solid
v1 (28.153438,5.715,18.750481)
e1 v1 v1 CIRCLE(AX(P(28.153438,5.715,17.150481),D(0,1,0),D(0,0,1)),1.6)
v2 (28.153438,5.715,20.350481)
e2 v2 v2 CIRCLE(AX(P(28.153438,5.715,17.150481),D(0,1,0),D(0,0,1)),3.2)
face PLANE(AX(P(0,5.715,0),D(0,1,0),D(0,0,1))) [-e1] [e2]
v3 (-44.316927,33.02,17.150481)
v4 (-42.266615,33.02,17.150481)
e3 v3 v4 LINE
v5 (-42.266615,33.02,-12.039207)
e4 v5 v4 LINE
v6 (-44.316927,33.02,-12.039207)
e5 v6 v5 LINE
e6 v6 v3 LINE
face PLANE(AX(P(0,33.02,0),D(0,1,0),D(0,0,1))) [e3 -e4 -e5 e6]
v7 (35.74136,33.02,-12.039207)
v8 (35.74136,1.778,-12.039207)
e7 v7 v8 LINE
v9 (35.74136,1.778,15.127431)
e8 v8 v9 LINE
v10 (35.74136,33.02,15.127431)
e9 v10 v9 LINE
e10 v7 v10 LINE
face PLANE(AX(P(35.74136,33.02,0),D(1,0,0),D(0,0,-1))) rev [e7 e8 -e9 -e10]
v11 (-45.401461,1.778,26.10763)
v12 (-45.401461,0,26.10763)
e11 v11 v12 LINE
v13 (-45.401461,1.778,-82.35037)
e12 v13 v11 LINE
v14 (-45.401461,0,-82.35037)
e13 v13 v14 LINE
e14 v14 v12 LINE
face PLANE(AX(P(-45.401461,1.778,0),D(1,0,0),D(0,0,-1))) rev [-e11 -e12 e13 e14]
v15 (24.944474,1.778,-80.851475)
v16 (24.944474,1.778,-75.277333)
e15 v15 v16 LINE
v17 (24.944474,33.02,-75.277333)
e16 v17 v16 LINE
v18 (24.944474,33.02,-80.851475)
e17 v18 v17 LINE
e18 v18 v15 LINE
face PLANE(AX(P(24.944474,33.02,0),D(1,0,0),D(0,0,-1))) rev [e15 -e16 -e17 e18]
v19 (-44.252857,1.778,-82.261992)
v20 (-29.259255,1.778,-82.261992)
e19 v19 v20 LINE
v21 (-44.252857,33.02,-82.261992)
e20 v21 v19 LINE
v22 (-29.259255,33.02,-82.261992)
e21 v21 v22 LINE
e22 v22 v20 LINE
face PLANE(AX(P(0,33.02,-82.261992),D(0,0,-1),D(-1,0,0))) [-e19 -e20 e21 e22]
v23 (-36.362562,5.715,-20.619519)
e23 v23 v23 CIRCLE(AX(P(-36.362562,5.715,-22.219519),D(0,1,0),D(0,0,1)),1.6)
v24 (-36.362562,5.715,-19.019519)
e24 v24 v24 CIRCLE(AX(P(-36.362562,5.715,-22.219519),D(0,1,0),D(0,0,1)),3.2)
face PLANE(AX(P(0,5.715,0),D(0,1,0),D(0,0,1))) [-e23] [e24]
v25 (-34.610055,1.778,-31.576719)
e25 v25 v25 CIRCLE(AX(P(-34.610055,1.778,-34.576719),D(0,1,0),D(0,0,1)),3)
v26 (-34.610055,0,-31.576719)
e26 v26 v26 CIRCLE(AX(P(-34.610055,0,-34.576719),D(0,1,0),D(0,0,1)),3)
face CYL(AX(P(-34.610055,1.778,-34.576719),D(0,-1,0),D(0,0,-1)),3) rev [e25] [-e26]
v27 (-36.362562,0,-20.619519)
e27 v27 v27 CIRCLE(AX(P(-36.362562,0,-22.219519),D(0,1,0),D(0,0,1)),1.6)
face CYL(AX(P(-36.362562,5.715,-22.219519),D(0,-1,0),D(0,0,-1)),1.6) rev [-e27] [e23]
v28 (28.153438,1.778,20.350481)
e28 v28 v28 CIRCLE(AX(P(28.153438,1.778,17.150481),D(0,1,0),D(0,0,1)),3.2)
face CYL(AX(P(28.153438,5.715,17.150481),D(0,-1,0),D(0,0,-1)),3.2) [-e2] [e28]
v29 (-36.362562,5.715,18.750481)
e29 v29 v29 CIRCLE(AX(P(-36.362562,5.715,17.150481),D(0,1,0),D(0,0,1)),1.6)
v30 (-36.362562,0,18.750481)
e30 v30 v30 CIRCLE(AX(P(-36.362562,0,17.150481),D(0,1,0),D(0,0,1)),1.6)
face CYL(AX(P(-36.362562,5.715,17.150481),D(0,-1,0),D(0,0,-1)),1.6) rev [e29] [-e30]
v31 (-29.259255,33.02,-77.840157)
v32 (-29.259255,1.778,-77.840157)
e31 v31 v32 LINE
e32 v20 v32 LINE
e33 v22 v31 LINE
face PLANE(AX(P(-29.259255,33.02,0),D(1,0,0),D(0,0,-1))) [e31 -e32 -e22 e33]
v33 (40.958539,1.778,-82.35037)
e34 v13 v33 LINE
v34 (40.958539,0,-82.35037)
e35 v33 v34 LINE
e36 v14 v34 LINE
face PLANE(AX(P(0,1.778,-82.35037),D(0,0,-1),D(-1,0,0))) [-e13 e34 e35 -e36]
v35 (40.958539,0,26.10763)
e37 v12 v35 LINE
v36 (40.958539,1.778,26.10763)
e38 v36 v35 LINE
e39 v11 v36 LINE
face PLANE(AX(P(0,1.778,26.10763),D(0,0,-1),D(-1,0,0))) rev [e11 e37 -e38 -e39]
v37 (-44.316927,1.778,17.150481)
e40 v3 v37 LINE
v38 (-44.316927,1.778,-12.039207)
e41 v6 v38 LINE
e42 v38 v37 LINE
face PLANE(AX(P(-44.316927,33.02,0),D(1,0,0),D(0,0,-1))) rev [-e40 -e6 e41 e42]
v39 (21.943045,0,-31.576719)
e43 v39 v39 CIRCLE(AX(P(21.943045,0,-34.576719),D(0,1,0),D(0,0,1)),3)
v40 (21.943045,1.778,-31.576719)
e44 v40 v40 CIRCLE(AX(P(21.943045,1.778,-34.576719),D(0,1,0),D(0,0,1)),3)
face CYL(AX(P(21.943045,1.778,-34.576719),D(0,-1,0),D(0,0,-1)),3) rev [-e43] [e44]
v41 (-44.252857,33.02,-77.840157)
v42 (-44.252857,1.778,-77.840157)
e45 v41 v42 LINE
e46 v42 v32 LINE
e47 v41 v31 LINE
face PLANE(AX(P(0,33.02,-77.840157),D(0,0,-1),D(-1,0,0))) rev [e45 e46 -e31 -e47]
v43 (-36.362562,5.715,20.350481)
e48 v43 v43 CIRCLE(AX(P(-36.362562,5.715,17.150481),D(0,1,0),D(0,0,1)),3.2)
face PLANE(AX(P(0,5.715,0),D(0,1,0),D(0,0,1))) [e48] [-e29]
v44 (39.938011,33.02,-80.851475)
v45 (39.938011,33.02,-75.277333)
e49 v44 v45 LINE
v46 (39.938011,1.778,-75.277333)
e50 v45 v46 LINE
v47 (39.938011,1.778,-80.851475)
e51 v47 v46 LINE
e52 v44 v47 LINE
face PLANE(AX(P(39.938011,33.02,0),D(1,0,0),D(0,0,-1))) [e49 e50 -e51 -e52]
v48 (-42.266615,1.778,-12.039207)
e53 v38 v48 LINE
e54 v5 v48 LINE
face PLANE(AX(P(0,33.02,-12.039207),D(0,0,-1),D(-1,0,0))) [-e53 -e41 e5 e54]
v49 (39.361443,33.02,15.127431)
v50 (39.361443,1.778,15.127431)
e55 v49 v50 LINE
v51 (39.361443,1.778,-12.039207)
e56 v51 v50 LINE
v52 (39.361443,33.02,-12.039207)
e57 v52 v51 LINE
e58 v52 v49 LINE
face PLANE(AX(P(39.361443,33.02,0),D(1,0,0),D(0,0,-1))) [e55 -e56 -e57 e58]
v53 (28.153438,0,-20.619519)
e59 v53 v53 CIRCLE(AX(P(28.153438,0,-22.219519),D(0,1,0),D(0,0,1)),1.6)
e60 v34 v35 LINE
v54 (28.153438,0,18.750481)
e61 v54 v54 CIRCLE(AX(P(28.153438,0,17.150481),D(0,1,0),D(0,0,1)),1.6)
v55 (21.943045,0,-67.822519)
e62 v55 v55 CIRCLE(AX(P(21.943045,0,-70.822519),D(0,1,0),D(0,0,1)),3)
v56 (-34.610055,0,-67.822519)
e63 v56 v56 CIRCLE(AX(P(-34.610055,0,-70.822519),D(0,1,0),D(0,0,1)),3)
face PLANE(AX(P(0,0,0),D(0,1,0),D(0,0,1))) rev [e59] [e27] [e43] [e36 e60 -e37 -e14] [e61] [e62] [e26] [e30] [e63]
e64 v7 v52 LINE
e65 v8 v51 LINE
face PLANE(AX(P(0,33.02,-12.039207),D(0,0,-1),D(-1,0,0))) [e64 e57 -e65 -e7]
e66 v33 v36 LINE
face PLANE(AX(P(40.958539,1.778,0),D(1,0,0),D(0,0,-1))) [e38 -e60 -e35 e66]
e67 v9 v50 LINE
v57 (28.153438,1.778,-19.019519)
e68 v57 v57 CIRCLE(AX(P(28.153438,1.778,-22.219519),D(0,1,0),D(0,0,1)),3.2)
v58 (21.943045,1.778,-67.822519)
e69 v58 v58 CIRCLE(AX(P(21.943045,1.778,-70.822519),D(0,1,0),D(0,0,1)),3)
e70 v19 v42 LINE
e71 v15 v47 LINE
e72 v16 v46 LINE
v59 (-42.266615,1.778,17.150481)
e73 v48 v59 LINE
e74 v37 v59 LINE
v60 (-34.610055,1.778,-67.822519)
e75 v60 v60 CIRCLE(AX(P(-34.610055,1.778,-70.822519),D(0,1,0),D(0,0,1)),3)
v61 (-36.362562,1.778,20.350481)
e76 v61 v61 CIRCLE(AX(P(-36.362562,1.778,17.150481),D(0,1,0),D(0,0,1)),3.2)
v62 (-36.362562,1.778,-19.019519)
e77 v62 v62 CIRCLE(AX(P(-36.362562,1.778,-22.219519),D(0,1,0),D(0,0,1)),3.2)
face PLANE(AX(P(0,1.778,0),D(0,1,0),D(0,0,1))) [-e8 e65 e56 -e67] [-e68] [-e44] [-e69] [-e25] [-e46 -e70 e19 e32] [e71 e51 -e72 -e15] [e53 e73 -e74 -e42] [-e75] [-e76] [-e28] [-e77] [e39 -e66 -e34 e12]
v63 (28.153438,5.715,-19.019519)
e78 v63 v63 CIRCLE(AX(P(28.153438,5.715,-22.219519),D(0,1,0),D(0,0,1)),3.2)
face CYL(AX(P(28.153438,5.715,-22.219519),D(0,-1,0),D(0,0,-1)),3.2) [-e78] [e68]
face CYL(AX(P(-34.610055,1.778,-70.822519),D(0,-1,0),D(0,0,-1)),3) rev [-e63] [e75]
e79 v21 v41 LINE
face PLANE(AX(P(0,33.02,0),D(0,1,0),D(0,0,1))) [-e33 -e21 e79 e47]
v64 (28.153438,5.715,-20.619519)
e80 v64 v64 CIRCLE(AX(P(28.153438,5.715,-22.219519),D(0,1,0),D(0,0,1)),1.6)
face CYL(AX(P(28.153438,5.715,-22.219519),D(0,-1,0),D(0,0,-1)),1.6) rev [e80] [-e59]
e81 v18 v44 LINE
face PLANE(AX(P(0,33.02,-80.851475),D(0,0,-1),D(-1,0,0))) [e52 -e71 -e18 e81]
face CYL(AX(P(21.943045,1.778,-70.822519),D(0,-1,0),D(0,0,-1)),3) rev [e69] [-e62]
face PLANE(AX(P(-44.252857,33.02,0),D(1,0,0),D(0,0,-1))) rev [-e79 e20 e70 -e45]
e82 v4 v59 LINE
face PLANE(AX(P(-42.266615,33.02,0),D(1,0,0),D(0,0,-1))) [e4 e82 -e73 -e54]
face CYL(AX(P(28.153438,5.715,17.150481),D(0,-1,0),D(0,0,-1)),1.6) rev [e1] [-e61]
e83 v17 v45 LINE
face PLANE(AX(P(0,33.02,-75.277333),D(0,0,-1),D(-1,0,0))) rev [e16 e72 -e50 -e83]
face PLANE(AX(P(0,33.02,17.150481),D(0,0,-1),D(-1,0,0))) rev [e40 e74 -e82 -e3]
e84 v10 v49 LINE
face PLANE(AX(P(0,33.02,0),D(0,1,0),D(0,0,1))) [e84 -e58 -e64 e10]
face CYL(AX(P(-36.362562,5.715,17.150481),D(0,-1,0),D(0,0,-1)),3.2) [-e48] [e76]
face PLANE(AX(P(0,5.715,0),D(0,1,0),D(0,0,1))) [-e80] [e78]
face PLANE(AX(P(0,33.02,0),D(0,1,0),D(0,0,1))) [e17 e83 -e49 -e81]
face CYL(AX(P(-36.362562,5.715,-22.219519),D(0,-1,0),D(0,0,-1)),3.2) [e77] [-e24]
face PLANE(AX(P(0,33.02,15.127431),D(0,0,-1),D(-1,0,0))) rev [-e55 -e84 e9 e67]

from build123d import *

# Parameters (mm, degrees)
SKETCH1_W           = 86.36
SKETCH1_H           = 108.458
SKETCH1_R           = 3.2
SKETCH1_W_2         = 2.05031229
SKETCH1_H_2         = 29.189687669
SKETCH1_W_3         = 3.620082636
SKETCH1_H_3         = 27.166637837
SKETCH1_R_2         = 3
SKETCH1_W_4         = 14.993601523
SKETCH1_H_4         = 4.4218346
SKETCH1_W_5         = 14.993536873
SKETCH1_H_5         = 5.57414232
BOSS_EXTRUDE1_DEPTH = 1.778
SKETCH1_4_R         = 3.2
SKETCH1_4_R_2       = 1.6
BOSS_EXTRUDE2_DEPTH = 5.715
SKETCH1_5_W         = 14.993601523
SKETCH1_5_H         = 4.4218346
SKETCH1_5_W_2       = 14.993536873
SKETCH1_5_H_2       = 5.57414232
SKETCH1_5_W_3       = 3.620082636
SKETCH1_5_H_3       = 27.166637837
SKETCH1_5_W_4       = 2.05031229
SKETCH1_5_H_4       = 29.189687669
BOSS_EXTRUDE3_DEPTH = 33.02


with BuildPart() as part:
    # Sketch1 → Boss-Extrude1 (new body)
    with BuildSketch(Plane(origin=(0, 0, 0), x_dir=(1, 0, 0), z_dir=(0, 1, 0))):
        with Locations((-2.221461279, 28.121370378)):
            Rectangle(SKETCH1_W, SKETCH1_H)
        with Locations((-36.36256187, -17.150480836)):
            Circle(SKETCH1_R, mode=Mode.SUBTRACT)
        with Locations((-43.291771042, -2.555637001)):
            Rectangle(SKETCH1_W_2, SKETCH1_H_2, mode=Mode.SUBTRACT)
        with Locations((-36.36256187, 22.219519164)):
            Circle(SKETCH1_R, mode=Mode.SUBTRACT)
        with Locations((28.15343813, -17.150480836)):
            Circle(SKETCH1_R, mode=Mode.SUBTRACT)
        with Locations((37.551401815, -1.544112086)):
            Rectangle(SKETCH1_W_3, SKETCH1_H_3, mode=Mode.SUBTRACT)
        with Locations((28.15343813, 22.219519164)):
            Circle(SKETCH1_R, mode=Mode.SUBTRACT)
        with Locations((-34.610055164, 34.576719266)):
            Circle(SKETCH1_R_2, mode=Mode.SUBTRACT)
        with Locations((-34.610055164, 70.822519266)):
            Circle(SKETCH1_R_2, mode=Mode.SUBTRACT)
        with Locations((-36.756055824, 80.051074351)):
            Rectangle(SKETCH1_W_4, SKETCH1_H_4, mode=Mode.SUBTRACT)
        with Locations((21.943044836, 34.576719266)):
            Circle(SKETCH1_R_2, mode=Mode.SUBTRACT)
        with Locations((21.943044836, 70.822519266)):
            Circle(SKETCH1_R_2, mode=Mode.SUBTRACT)
        with Locations((32.441242145, 78.064404156)):
            Rectangle(SKETCH1_W_5, SKETCH1_H_5, mode=Mode.SUBTRACT)
    extrude(amount=BOSS_EXTRUDE1_DEPTH)

    # Sketch1<4> → Boss-Extrude2 (add)
    # profile 1 of 4: a face of its own
    with BuildSketch(Plane(origin=(0, 0, 0), x_dir=(1, 0, 0), z_dir=(0, 1, 0))):
        with Locations((-36.36256187, 22.219519164)):
            Circle(SKETCH1_4_R)
        with Locations((-36.36256187, 22.219519164)):
            Circle(SKETCH1_4_R_2, mode=Mode.SUBTRACT)
    # profile 2 of 4: a face of its own
    with BuildSketch(Plane(origin=(0, 0, 0), x_dir=(1, 0, 0), z_dir=(0, 1, 0))):
        with Locations((28.15343813, 22.219519164)):
            Circle(SKETCH1_4_R)
        with Locations((28.15343813, 22.219519164)):
            Circle(SKETCH1_4_R_2, mode=Mode.SUBTRACT)
    # profile 3 of 4: a face of its own
    with BuildSketch(Plane(origin=(0, 0, 0), x_dir=(1, 0, 0), z_dir=(0, 1, 0))):
        with Locations((-36.36256187, -17.150480836)):
            Circle(SKETCH1_4_R)
        with Locations((-36.36256187, -17.150480836)):
            Circle(SKETCH1_4_R_2, mode=Mode.SUBTRACT)
    # profile 4 of 4: a face of its own
    with BuildSketch(Plane(origin=(0, 0, 0), x_dir=(1, 0, 0), z_dir=(0, 1, 0))):
        with Locations((28.15343813, -17.150480836)):
            Circle(SKETCH1_4_R)
        with Locations((28.15343813, -17.150480836)):
            Circle(SKETCH1_4_R_2, mode=Mode.SUBTRACT)
    extrude(amount=BOSS_EXTRUDE2_DEPTH)

    # Sketch1<5> → Boss-Extrude3 (add)
    with BuildSketch(Plane(origin=(0, 0, 0), x_dir=(1, 0, 0), z_dir=(0, 1, 0))):
        with Locations((-36.756055824, 80.051074351)):
            Rectangle(SKETCH1_5_W, SKETCH1_5_H)
        with Locations((32.441242145, 78.064404156)):
            Rectangle(SKETCH1_5_W_2, SKETCH1_5_H_2)
        with Locations((37.551401815, -1.544112086)):
            Rectangle(SKETCH1_5_W_3, SKETCH1_5_H_3)
        with Locations((-43.291771042, -2.555637001)):
            Rectangle(SKETCH1_5_W_4, SKETCH1_5_H_4)
    extrude(amount=BOSS_EXTRUDE3_DEPTH)


solid = part.part
